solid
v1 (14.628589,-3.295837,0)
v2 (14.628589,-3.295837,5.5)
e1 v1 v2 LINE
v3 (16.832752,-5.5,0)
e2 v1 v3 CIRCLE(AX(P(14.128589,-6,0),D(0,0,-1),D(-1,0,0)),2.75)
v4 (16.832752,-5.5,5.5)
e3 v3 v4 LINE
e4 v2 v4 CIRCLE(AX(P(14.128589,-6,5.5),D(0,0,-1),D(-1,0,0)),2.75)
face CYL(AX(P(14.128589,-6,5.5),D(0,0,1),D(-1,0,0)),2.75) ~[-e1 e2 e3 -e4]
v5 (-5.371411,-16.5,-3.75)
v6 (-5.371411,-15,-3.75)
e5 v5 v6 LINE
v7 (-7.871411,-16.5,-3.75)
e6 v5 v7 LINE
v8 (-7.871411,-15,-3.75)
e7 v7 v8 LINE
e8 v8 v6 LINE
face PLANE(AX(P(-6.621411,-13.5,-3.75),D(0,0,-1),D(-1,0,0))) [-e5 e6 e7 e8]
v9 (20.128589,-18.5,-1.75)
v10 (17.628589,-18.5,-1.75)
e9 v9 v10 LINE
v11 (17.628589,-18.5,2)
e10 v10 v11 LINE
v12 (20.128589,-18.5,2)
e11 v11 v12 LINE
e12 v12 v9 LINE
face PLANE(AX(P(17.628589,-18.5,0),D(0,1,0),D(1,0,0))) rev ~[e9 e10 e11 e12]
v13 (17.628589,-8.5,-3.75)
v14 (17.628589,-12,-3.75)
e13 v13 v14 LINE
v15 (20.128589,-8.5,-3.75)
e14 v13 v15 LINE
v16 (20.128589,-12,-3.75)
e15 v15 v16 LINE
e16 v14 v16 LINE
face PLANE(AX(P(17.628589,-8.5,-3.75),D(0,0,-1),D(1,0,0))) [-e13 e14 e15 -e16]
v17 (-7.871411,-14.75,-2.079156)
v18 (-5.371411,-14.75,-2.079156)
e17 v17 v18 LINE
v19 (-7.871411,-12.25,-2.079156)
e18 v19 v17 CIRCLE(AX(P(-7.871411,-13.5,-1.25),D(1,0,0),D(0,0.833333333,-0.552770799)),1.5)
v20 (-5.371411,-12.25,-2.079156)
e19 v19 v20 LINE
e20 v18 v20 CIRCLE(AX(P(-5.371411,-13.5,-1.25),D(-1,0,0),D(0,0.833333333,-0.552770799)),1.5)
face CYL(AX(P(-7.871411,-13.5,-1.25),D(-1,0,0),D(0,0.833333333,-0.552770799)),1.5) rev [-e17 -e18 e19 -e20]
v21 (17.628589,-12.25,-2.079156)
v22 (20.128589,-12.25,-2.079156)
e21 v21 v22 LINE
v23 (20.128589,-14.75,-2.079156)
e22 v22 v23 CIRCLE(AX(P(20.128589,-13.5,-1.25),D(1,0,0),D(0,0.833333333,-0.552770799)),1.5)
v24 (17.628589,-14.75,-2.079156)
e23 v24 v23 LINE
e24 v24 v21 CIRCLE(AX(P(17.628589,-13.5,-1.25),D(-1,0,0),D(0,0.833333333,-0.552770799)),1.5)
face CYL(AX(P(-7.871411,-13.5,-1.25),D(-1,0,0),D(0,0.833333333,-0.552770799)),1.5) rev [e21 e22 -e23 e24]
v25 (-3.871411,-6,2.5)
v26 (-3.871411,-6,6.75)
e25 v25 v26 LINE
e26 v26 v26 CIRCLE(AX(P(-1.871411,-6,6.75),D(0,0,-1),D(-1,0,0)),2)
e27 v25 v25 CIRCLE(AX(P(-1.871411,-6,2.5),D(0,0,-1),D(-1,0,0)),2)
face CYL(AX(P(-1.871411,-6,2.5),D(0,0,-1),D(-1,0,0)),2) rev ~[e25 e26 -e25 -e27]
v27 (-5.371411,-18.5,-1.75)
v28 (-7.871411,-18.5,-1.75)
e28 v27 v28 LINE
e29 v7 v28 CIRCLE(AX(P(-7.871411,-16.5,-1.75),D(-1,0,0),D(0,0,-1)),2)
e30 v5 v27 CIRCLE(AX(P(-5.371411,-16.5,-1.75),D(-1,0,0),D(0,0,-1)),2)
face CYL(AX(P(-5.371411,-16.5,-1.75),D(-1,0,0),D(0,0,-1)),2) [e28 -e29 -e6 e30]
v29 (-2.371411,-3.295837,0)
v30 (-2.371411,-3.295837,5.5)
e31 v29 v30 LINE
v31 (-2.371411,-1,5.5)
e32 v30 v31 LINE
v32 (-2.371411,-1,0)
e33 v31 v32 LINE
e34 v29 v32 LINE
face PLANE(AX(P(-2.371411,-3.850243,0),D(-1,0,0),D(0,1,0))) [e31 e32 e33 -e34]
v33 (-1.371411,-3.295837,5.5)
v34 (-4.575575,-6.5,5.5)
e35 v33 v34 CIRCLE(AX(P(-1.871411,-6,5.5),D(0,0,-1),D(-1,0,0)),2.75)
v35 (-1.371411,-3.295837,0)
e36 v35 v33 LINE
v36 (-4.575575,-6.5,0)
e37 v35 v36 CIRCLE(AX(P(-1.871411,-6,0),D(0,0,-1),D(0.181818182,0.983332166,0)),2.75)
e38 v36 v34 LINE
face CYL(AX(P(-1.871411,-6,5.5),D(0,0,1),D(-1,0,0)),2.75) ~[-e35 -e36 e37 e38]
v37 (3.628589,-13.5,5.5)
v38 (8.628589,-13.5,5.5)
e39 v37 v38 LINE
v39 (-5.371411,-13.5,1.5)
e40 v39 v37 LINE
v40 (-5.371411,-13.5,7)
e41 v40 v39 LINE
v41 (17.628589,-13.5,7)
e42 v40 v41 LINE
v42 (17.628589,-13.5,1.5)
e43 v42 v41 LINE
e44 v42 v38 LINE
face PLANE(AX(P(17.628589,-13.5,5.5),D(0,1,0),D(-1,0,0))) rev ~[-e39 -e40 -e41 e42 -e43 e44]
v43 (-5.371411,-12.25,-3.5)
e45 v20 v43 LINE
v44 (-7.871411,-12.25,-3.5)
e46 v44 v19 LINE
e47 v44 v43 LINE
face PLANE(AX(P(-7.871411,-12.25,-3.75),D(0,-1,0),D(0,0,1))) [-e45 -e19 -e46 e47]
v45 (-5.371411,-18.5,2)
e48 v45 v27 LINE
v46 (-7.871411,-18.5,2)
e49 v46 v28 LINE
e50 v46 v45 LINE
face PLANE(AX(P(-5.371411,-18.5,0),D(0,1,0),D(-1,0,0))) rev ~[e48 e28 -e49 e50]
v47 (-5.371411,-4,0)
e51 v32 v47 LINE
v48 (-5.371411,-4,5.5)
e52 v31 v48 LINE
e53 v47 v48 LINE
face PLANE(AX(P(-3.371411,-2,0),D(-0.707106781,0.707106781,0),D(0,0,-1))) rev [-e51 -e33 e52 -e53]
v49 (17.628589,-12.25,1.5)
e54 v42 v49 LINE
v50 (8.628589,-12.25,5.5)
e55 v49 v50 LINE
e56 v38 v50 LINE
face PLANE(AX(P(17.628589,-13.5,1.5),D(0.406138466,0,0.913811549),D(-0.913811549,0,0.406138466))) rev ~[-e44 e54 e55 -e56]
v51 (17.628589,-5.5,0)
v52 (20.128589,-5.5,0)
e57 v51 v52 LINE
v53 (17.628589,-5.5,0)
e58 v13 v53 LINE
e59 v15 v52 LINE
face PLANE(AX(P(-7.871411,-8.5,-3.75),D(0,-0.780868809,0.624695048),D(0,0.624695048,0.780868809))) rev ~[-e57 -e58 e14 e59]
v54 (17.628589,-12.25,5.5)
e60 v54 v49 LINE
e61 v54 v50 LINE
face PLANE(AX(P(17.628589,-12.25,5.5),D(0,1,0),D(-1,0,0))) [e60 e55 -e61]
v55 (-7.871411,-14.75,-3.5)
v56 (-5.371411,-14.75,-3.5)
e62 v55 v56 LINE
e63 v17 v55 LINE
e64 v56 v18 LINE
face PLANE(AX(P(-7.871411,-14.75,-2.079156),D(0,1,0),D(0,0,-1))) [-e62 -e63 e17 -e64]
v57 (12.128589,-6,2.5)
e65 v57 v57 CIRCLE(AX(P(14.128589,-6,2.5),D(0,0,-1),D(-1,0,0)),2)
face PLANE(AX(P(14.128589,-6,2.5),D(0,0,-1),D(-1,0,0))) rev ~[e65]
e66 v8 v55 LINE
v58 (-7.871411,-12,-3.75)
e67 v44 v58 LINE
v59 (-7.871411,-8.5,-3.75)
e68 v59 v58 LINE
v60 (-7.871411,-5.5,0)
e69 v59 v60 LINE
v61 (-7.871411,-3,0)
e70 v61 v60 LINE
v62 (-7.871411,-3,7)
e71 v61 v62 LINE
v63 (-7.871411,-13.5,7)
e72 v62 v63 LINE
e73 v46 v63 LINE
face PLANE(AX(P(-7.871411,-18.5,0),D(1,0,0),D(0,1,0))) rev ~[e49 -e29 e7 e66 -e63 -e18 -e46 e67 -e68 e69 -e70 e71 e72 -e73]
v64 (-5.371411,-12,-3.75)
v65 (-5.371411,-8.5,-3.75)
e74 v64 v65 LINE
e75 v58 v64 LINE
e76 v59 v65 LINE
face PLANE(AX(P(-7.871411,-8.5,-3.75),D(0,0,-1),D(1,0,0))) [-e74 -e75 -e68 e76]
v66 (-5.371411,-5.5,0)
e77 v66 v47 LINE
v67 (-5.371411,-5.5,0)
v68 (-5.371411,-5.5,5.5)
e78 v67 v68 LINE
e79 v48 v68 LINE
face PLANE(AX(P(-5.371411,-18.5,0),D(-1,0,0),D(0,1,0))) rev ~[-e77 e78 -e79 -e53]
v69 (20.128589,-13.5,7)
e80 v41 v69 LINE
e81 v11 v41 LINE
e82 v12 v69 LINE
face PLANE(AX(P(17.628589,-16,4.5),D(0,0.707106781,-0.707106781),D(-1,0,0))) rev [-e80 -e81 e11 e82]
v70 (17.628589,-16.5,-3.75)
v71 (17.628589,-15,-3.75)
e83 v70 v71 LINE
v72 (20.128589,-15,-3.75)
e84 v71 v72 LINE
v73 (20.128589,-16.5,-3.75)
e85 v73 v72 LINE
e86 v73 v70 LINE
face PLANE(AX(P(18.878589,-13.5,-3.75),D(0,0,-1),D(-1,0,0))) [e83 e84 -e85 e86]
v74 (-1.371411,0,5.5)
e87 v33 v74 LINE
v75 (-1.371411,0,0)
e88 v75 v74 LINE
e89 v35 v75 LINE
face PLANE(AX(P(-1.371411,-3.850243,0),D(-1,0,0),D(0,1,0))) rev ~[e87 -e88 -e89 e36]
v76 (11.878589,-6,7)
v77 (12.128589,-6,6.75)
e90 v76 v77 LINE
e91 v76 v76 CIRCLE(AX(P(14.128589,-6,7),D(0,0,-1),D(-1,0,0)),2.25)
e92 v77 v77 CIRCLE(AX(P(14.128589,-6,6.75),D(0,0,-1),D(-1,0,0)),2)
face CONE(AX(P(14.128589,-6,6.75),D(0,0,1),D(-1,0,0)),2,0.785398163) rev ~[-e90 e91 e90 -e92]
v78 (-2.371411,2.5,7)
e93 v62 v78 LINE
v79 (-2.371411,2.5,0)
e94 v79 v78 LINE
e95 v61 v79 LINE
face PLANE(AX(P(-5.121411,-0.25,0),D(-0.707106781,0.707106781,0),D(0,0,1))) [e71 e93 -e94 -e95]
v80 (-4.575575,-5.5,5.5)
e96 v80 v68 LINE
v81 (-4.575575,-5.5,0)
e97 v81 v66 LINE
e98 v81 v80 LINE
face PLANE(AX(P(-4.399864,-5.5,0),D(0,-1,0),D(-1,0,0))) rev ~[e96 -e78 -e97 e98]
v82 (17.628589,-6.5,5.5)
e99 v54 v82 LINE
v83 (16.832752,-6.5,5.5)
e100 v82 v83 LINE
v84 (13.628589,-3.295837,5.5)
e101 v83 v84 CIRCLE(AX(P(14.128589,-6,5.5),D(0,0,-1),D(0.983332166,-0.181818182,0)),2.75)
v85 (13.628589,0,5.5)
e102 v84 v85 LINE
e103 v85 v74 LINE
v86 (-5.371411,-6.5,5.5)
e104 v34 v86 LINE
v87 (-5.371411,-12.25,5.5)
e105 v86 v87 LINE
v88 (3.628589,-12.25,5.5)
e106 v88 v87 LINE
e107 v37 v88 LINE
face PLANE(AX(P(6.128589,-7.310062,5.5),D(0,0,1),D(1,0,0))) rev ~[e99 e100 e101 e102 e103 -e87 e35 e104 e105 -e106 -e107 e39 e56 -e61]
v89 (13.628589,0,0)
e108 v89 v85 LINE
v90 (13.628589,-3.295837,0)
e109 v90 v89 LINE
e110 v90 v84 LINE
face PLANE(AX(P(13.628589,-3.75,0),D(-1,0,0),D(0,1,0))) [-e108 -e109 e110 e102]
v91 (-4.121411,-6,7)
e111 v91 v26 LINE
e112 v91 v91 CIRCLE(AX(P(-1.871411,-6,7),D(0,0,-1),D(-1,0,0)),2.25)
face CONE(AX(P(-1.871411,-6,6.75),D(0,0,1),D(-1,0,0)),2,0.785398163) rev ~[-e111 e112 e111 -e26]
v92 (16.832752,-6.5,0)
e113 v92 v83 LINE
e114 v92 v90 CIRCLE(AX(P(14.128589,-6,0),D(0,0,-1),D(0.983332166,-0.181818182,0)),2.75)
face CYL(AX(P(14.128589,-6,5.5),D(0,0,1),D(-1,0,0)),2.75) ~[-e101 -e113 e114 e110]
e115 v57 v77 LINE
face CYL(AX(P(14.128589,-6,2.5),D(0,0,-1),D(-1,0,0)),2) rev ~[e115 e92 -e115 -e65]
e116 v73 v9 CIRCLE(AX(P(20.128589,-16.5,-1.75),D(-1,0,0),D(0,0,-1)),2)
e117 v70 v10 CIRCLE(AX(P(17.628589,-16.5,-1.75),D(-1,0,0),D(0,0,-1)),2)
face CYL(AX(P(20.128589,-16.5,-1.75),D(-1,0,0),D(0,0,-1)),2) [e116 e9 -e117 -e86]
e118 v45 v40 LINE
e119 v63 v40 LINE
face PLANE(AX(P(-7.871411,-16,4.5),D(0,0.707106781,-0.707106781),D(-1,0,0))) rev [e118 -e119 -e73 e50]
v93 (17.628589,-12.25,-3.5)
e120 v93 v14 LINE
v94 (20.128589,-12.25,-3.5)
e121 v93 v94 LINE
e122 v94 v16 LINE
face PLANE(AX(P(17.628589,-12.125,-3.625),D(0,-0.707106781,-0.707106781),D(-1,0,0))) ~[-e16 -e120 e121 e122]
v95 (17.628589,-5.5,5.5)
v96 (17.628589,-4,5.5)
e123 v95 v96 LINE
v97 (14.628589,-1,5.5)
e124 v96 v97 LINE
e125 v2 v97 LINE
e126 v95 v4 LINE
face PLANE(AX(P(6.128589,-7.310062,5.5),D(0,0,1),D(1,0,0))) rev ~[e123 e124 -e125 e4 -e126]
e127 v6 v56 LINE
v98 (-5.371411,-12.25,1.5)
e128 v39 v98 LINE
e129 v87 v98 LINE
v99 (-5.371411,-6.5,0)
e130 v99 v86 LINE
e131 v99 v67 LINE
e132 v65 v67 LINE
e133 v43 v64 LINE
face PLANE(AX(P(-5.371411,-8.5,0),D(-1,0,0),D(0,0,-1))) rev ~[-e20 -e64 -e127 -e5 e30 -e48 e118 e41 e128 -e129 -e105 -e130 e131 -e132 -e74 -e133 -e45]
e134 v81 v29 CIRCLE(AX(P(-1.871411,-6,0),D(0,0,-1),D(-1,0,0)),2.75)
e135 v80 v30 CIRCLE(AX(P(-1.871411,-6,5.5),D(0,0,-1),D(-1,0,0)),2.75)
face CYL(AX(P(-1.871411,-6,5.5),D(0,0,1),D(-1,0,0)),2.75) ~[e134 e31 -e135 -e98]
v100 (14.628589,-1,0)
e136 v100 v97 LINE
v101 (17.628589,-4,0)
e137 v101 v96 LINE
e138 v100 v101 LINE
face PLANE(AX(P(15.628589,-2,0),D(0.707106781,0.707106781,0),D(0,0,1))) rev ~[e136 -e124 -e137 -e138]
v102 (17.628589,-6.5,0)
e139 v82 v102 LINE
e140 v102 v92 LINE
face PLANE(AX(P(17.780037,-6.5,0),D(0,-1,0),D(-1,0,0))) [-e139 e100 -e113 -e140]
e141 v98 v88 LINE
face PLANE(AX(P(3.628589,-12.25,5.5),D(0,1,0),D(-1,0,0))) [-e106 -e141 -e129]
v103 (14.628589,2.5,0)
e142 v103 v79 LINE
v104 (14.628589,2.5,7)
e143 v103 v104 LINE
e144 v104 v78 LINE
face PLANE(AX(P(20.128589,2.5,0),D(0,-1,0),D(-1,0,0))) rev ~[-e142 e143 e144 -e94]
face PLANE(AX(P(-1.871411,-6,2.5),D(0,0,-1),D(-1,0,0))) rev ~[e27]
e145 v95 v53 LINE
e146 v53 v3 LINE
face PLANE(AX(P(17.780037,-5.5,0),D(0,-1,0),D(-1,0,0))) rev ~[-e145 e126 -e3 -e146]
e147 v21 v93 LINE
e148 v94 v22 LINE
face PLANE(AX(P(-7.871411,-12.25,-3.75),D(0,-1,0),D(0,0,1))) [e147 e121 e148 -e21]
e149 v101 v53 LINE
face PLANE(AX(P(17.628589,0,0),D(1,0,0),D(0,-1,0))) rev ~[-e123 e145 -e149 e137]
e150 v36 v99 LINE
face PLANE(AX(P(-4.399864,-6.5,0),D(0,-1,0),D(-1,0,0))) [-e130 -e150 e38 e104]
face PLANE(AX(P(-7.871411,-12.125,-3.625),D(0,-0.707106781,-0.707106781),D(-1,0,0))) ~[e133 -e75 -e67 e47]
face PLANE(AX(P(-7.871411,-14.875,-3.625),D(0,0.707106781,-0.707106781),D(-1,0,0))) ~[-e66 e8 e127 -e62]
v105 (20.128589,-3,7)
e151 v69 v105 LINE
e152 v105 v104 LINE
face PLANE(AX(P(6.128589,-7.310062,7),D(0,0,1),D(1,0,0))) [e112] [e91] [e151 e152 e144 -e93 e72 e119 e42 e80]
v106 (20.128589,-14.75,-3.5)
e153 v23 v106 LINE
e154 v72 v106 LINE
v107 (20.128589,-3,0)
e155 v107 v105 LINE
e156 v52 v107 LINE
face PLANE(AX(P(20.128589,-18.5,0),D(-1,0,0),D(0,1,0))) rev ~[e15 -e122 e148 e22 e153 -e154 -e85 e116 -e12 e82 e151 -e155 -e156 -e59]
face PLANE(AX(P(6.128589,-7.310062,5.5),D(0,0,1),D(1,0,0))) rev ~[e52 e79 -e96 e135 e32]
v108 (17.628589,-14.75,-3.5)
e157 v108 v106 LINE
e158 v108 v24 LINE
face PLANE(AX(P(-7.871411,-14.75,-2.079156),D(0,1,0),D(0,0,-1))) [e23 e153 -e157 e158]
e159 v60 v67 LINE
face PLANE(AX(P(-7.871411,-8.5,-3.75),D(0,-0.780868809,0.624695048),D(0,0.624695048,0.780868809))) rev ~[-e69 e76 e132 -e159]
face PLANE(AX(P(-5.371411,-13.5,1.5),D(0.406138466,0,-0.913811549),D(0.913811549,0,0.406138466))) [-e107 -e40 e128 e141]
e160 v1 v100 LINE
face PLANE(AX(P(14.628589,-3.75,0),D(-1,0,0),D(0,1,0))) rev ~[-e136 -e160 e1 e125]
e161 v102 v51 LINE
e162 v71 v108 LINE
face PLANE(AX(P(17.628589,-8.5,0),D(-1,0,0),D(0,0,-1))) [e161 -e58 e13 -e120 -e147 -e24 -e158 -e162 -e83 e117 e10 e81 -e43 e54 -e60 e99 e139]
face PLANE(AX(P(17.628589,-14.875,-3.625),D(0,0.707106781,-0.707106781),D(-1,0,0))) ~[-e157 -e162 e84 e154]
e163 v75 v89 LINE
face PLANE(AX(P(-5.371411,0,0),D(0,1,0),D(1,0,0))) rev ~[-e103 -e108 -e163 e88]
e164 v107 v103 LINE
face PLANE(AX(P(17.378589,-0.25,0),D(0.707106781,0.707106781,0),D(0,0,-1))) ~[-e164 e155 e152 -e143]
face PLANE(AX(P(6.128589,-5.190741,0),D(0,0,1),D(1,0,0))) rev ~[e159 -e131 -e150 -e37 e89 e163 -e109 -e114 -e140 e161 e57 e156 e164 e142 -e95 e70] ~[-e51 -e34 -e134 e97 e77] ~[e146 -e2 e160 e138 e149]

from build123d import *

# Parameters (mm, degrees)
BOSS_EXTRU_1_DEPTH      = 7
CHANFREIN2_SIZE         = 4
CHANFREIN3_SIZE         = 5.5
CHANFREIN4_SIZE         = 5
BOSS_EXTRU_2_DEPTH      = 1.5
ESQUISSE5_W             = 9
ESQUISSE5_H             = 1.25
BOSS_EXTRU_3_DEPTH      = 4
ENL_V_MAT_EXTRU_1_DEPTH = 1.25
ESQUISSE7_R             = 2.75
BOSS_EXTRU_4_DEPTH      = 5.5
ENL_V_START             = -2.5
ESQUISSE9_R             = 2
ENL_V_MAT_EXTRU_2_DEPTH = 4.5
ESQUISSE10_W            = 1.052895571
ESQUISSE10_H            = 1
ESQUISSE10_W_2          = 1
ESQUISSE10_H_2          = 3.75
ESQUISSE10_H_3          = 3.95048694
ESQUISSE10_W_3          = 1.193094599
BOSS_EXTRU_5_DEPTH      = 5.5
ESQUISSE11_W            = 2.5
ESQUISSE11_H            = 10
BOSS_EXTRU_6_DEPTH      = 3.75
ENL_V_MAT_EXTRU_3_DEPTH = 28
ESQUISSE13_W            = 2.5
ESQUISSE13_H            = 3.75
BOSS_EXTRU_7_DEPTH      = 3
ENL_V_MAT_EXTRU_4_DEPTH = 28
CONG_1_R                = 2
CHANFREIN7_SIZE         = 0.25
CHANFREIN8_SIZE         = 0.25


with BuildPart() as part:
    # Esquisse3 → Boss.-Extru.1 (new body)
    with BuildSketch(Plane.XY):
        Polygon((-5.371411117, 0), (17.628588883, 0), (17.628588883, -18.5), (20.128588883, -18.5), (20.128588883, 2.5), (-7.871411117, 2.5), (-7.871411117, -18.5), (-5.371411117, -18.5), align=None)
    extrude(amount=BOSS_EXTRU_1_DEPTH)

    # Chanfrein2
    chanfrein2_edges = [part.edges().sort_by_distance(p)[0] for p in [
        (17.628588883, 0, 3.5),
        (-5.371411117, 0, 3.5),
    ]]
    chamfer(chanfrein2_edges, length=CHANFREIN2_SIZE)

    # Chanfrein3
    chanfrein3_edges = [part.edges().sort_by_distance(p)[0] for p in [
        (-7.871411117, 2.5, 3.5),
        (20.128588883, 2.5, 3.5),
    ]]
    chamfer(chanfrein3_edges, length=CHANFREIN3_SIZE)

    # Chanfrein4
    chanfrein4_edges = [part.edges().sort_by_distance(p)[0] for p in [
        (18.878588883, -18.5, 7),
        (-6.621411117, -18.5, 7),
    ]]
    chamfer(chanfrein4_edges, length=CHANFREIN4_SIZE)

    # Esquisse4 → Boss.-Extru.2 (add)
    with BuildSketch(Plane.XY.offset(7)):
        Polygon((-5.371411117, -13.5), (17.628588883, -13.5), (17.628588883, -4), (13.628588883, 0), (-1.371411117, 0), (-5.371411117, -4), align=None)
    extrude(amount=-BOSS_EXTRU_2_DEPTH)

    # Esquisse5 → Boss.-Extru.3 (add)
    with BuildSketch(Plane(origin=(0, 0, 5.5), x_dir=(-1, 0, 0), z_dir=(0, 0, -1))):
        with Locations((-13.128588883, -12.875)):
            Rectangle(ESQUISSE5_W, ESQUISSE5_H)
        with Locations((0.871411117, -12.875)):
            Rectangle(ESQUISSE5_W, ESQUISSE5_H)
    extrude(amount=BOSS_EXTRU_3_DEPTH)

    # Esquisse6 → Enlèv. mat.-Extru.1 (cut)
    with BuildSketch(Plane.XZ.offset(13.5)):
        Polygon((17.628588883, 1.5), (8.628588883, 5.5), (8.628588883, 1.5), align=None)
        Polygon((-5.371411117, 1.5), (3.628588883, 5.5), (3.628588883, 1.5), align=None)
    extrude(amount=-ENL_V_MAT_EXTRU_1_DEPTH, mode=Mode.SUBTRACT)

    # Esquisse7 → Boss.-Extru.4 (add)
    with BuildSketch(Plane(origin=(0, 0, 5.5), x_dir=(-1, 0, 0), z_dir=(0, 0, -1))):
        with Locations((-14.128588883, -6)):
            Circle(ESQUISSE7_R)
        with Locations((1.871411117, -6)):
            Circle(ESQUISSE7_R)
    extrude(amount=BOSS_EXTRU_4_DEPTH)

    # Esquisse9 → Enlèv. mat.-Extru.2 (cut)
    with BuildSketch(Plane(origin=(0, 0, 0), x_dir=(-1, 0, 0), z_dir=(0, 0, -1)).offset(ENL_V_START)):
        with Locations((-14.128588883, -6)):
            Circle(ESQUISSE9_R)
        with Locations((1.871411117, -6)):
            Circle(ESQUISSE9_R)
    extrude(amount=-ENL_V_MAT_EXTRU_2_DEPTH, mode=Mode.SUBTRACT)

    # Esquisse10 → Boss.-Extru.5 (add)
    with BuildSketch(Plane(origin=(0, 0, 0), x_dir=(-1, 0, 0), z_dir=(0, 0, -1))):
        with Locations((-17.253588884, -6)):
            Rectangle(ESQUISSE10_W, ESQUISSE10_H)
        with Locations((-14.128588883, -1.875)):
            Rectangle(ESQUISSE10_W_2, ESQUISSE10_H_2)
        with Locations((1.871411117, -1.875)):
            Rectangle(ESQUISSE10_W_2, ESQUISSE10_H_3)
        with Locations((4.996411117, -6)):
            Rectangle(ESQUISSE10_W_3, ESQUISSE10_H)
    extrude(amount=-BOSS_EXTRU_5_DEPTH)

    # Esquisse11 → Boss.-Extru.6 (add)
    with BuildSketch(Plane(origin=(0, 0, 0), x_dir=(-1, 0, 0), z_dir=(0, 0, -1))):
        with Locations((6.621411117, -13.5)):
            Rectangle(ESQUISSE11_W, ESQUISSE11_H)
        with Locations((-18.878588883, -13.5)):
            Rectangle(ESQUISSE11_W, ESQUISSE11_H)
    extrude(amount=BOSS_EXTRU_6_DEPTH)

    # Esquisse12 → Enlèv. mat.-Extru.3 (cut)
    with BuildSketch(Plane(origin=(-5.371411117, 0, 0), x_dir=(0, 0, -1), z_dir=(1, 0, 0)).offset(ENL_V_START)):
        with BuildLine():
            Line((3.75, -14.75), (3.75, -12.25))
            Line((3.75, -12.25), (2.079156198, -12.25))
            ThreePointArc((2.079156198, -12.25), (-0.25, -13.5), (2.079156198, -14.75))
            Line((2.079156198, -14.75), (3.75, -14.75))
        make_face()
    extrude(amount=ENL_V_MAT_EXTRU_3_DEPTH, mode=Mode.SUBTRACT)

    # Esquisse13 → Boss.-Extru.7 (add)
    with BuildSketch(Plane(origin=(0, -8.5, 0), x_dir=(1, 0, 0), z_dir=(0, 1, 0))):
        with Locations((18.878588883, 1.875)):
            Rectangle(ESQUISSE13_W, ESQUISSE13_H)
        with Locations((-6.621411117, 1.875)):
            Rectangle(ESQUISSE13_W, ESQUISSE13_H)
    extrude(amount=BOSS_EXTRU_7_DEPTH)

    # Esquisse14 → Enlèv. mat.-Extru.4 (cut)
    with BuildSketch(Plane.ZY.offset(7.871411117)):
        Polygon((-3.75, -5.5), (-3.75, -8.5), (0, -5.5), align=None)
    extrude(amount=-ENL_V_MAT_EXTRU_4_DEPTH, mode=Mode.SUBTRACT)

    # Congé1
    cong_1_edges = [part.edges().sort_by_distance(p)[0] for p in [
        (-6.621411117, -18.5, -3.75),
        (18.878588883, -18.5, -3.75),
    ]]
    fillet(cong_1_edges, radius=CONG_1_R)

    # Chanfrein7
    chanfrein7_edges = [part.edges().sort_by_distance(p)[0] for p in [
        (18.878588883, -14.75, -3.75),
        (18.878588883, -12.25, -3.75),
        (-6.621411117, -12.25, -3.75),
        (-6.621411117, -14.75, -3.75),
    ]]
    chamfer(chanfrein7_edges, length=CHANFREIN7_SIZE)

    # Chanfrein8
    chanfrein8_edges = [part.edges().sort_by_distance(p)[0] for p in [
        (16.128588883, -6, 7),
        (0.128588883, -6, 7),
    ]]
    chamfer(chanfrein8_edges, length=CHANFREIN8_SIZE)


solid = part.part
